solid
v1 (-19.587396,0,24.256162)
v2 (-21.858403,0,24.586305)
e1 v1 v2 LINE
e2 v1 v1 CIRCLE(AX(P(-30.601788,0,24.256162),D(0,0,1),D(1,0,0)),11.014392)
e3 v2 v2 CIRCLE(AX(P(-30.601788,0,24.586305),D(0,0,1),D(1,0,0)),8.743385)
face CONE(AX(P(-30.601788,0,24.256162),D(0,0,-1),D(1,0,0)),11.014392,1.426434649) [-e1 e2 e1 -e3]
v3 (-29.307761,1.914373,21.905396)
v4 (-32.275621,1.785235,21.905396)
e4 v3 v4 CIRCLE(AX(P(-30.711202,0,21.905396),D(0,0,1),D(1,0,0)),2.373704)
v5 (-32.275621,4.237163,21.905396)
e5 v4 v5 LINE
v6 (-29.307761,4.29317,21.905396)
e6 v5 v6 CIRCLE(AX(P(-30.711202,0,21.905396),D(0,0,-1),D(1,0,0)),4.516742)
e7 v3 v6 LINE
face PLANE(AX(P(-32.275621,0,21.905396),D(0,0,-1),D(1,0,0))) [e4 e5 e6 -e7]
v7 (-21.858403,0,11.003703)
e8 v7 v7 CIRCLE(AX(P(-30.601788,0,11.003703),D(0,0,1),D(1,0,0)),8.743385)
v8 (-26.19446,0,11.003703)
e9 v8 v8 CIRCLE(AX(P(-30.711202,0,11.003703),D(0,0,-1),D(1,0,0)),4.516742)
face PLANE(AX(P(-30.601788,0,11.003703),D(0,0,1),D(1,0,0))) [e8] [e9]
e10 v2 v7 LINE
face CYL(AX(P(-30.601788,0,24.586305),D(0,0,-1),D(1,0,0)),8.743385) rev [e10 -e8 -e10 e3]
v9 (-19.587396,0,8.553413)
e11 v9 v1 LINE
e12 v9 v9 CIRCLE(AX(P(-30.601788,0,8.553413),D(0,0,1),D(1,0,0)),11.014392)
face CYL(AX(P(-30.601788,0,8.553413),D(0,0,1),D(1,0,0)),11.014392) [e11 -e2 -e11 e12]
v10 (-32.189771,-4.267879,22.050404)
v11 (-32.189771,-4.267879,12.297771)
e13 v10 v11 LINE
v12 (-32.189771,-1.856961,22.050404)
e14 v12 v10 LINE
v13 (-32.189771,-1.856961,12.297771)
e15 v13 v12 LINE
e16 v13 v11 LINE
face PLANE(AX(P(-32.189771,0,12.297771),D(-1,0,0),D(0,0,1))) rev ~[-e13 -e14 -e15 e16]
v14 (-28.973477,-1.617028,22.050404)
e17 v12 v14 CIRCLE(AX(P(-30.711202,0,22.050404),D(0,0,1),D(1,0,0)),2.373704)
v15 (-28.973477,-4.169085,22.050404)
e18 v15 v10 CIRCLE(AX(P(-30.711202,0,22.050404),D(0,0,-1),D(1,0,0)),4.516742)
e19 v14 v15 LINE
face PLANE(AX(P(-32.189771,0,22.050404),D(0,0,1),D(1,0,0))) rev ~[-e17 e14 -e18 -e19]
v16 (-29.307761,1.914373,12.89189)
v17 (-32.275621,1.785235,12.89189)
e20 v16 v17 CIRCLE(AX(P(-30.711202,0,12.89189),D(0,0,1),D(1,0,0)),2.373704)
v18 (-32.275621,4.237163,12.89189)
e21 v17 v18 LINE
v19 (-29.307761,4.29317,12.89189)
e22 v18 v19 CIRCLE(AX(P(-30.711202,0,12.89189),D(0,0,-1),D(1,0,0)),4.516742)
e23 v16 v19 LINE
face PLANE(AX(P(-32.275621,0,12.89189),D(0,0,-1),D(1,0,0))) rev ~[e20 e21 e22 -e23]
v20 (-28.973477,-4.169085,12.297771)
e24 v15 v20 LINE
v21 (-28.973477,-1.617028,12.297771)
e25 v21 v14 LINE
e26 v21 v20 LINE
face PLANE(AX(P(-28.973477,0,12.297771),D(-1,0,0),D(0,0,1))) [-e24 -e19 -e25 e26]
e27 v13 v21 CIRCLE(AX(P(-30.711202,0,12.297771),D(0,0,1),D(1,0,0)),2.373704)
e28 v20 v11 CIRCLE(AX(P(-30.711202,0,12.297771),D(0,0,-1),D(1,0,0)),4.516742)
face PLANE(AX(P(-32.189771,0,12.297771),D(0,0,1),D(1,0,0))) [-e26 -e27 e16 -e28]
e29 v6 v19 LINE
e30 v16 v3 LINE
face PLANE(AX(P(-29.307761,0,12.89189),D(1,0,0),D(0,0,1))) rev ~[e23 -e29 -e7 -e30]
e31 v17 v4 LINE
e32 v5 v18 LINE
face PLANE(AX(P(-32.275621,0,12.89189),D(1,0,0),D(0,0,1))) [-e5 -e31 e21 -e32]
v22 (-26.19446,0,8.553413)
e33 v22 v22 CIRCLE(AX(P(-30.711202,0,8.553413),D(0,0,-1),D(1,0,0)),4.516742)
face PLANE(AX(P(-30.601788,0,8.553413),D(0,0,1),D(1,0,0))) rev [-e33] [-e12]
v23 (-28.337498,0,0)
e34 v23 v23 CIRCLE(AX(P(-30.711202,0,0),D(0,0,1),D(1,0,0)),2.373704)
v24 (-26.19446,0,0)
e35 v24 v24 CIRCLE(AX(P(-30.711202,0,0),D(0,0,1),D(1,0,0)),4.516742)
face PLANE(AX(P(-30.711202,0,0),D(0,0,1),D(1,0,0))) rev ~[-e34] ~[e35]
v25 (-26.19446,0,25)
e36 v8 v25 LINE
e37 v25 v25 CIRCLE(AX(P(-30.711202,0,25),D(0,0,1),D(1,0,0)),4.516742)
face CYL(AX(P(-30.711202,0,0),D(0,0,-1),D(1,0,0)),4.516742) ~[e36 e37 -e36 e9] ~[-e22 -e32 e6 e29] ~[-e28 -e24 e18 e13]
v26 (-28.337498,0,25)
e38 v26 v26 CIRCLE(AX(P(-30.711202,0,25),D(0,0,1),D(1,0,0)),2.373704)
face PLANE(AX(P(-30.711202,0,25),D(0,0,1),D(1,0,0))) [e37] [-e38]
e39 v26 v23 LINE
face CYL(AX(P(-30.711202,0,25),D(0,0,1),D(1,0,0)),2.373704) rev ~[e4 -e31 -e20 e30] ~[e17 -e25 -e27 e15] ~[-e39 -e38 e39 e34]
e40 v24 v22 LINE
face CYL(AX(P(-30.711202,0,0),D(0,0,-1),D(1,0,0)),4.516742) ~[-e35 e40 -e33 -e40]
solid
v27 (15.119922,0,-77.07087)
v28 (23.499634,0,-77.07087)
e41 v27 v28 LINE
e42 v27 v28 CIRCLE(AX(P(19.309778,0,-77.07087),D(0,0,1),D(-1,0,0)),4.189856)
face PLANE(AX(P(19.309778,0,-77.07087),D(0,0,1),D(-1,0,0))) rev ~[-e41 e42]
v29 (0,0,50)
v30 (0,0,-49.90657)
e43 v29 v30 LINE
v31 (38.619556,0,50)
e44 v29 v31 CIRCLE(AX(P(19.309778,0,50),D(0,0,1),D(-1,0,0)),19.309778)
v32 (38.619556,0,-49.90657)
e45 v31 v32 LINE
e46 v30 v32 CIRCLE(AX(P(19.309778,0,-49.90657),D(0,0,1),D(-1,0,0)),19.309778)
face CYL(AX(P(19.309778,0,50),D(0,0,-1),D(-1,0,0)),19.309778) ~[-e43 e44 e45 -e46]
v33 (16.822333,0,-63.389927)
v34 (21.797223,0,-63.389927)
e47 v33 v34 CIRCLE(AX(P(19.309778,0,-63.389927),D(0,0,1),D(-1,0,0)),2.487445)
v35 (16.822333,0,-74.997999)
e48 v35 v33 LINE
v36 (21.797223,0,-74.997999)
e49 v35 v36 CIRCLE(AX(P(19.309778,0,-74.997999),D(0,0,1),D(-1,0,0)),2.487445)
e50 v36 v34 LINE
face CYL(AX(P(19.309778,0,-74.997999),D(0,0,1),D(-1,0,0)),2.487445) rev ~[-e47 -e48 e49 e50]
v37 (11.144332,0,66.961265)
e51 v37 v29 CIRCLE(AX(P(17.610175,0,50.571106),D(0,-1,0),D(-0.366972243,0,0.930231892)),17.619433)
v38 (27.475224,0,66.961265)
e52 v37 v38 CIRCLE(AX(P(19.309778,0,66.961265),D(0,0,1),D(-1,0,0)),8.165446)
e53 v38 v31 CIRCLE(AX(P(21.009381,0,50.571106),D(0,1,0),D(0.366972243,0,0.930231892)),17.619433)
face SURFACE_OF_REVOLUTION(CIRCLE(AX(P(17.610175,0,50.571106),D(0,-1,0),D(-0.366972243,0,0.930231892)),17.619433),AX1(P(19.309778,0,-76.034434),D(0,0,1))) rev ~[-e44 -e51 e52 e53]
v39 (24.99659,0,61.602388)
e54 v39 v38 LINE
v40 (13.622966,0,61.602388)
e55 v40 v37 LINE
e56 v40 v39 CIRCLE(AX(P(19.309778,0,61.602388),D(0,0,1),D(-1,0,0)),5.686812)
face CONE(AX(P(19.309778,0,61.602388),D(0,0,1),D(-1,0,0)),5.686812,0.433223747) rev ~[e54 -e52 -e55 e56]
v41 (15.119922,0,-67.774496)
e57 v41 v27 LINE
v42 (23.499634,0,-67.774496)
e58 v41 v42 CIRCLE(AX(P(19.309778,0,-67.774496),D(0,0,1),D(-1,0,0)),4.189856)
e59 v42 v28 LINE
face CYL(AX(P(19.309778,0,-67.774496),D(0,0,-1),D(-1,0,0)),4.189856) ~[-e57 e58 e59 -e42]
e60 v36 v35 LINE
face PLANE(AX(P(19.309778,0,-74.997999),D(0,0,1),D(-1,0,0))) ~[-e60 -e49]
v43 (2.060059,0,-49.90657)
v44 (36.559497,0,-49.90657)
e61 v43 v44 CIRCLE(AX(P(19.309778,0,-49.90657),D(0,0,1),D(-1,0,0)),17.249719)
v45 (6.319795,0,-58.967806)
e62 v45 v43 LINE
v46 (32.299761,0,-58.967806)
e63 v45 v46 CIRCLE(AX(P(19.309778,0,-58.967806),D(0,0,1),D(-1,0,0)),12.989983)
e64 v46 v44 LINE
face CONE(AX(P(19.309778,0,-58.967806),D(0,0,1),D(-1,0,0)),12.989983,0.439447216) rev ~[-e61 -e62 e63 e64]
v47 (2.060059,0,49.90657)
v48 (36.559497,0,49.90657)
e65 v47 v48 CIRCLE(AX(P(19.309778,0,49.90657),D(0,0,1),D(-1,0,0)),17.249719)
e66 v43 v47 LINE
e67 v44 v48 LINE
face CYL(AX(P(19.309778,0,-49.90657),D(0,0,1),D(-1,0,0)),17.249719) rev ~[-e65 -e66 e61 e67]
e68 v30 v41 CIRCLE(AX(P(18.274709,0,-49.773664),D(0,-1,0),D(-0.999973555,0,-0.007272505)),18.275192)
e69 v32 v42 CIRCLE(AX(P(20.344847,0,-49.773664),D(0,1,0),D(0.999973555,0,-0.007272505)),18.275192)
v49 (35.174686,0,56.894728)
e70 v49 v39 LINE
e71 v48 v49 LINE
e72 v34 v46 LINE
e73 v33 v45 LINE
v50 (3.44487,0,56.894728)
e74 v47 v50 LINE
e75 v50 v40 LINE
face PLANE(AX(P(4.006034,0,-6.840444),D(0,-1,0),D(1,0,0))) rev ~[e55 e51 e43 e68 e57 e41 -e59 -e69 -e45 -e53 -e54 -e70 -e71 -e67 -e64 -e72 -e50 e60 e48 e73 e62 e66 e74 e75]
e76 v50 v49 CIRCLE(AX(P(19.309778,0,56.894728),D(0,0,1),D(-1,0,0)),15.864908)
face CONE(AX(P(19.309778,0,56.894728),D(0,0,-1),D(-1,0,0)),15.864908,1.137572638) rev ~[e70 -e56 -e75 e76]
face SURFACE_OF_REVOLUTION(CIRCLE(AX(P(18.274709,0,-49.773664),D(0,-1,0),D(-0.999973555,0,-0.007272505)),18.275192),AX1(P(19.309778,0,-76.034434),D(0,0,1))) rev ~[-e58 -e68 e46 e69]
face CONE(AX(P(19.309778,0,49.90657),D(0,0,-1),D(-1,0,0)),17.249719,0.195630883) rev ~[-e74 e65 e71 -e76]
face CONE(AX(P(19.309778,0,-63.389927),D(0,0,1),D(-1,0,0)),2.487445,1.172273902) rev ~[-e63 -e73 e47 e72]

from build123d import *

# Parameters (mm, degrees)
F1_ANGLE  = 180
F4_R      = 4.516742
F5_DEPTH  = 25
F6_R      = 2.373704
F7_DEPTH  = 25
F8_W      = 3.216295
F8_H      = 9.752633
F9_DEPTH  = 6
F10_W     = 2.967861
F10_H     = 9.013506
F11_DEPTH = 6


with BuildPart() as f1:
    # F0 (on Front) → F1 (revolve)
    with BuildSketch(Plane.XZ):
        with BuildLine():
            Line((0, 50), (0, 0))
            Line((0, 0), (0, -49.90657))
            ThreePointArc((0, -49.90657), (4.324028, -61.578796), (15.119922, -67.774496))
            Line((15.119922, -67.774496), (15.119922, -77.07087))
            Line((15.119922, -77.07087), (19.309778, -77.07087))
            Line((19.309778, -77.07087), (19.309778, -74.997999))
            Line((19.309778, -74.997999), (16.822333, -74.997999))
            Line((16.822333, -74.997999), (16.822333, -67.774496))
            Line((16.822333, -67.774496), (16.822333, -63.389927))
            Line((16.822333, -63.389927), (6.319795, -58.967806))
            Line((6.319795, -58.967806), (2.060059, -49.90657))
            Line((2.060059, -49.90657), (2.060059, 49.90657))
            Line((2.060059, 49.90657), (3.44487, 56.894728))
            Line((3.44487, 56.894728), (13.622966, 61.602388))
            Line((13.622966, 61.602388), (11.144332, 66.961265))
            ThreePointArc((11.144332, 66.961265), (2.884864, 60.246314), (0, 50))
        make_face()
    revolve(axis=Axis((19.309778, 0, -76.034434), (0, 0, 1)), revolution_arc=F1_ANGLE)


with BuildPart() as f3:
    # F2 (on Front) → F3 (revolve)
    with BuildSketch(Plane.XZ):
        Polygon((-19.587396, 8.553413), (-19.587396, 24.256162), (-21.858403, 24.586305), (-21.858403, 11.003703), (-30.601788, 11.003703), (-30.601788, 8.553413), align=None)
    revolve(axis=Axis((-30.601788, 0, 9.778558), (0, 0, 1)))

    # F4 (on Top) → F5 (join)
    with BuildSketch(Plane.XY):
        with Locations((-30.711202, 0)):
            Circle(F4_R)
    extrude(amount=F5_DEPTH)

    # F6 (on face) → F7 (cut)
    with BuildSketch(Plane.XY.offset(25)):
        with Locations((-30.711202, 0)):
            Circle(F6_R)
    extrude(amount=-F7_DEPTH, mode=Mode.SUBTRACT)

    # F8 (on Front) → F9 (cut)
    with BuildSketch(Plane.XZ):
        with Locations((-30.581624, 17.174087)):
            Rectangle(F8_W, F8_H)
    extrude(amount=F9_DEPTH, mode=Mode.SUBTRACT)

    # F10 (on Front) → F11 (cut)
    with BuildSketch(Plane.XZ):
        with Locations((-30.791691, 17.398643)):
            Rectangle(F10_W, F10_H)
    extrude(amount=-F11_DEPTH, mode=Mode.SUBTRACT)


solid = Compound([f1.part, f3.part])
